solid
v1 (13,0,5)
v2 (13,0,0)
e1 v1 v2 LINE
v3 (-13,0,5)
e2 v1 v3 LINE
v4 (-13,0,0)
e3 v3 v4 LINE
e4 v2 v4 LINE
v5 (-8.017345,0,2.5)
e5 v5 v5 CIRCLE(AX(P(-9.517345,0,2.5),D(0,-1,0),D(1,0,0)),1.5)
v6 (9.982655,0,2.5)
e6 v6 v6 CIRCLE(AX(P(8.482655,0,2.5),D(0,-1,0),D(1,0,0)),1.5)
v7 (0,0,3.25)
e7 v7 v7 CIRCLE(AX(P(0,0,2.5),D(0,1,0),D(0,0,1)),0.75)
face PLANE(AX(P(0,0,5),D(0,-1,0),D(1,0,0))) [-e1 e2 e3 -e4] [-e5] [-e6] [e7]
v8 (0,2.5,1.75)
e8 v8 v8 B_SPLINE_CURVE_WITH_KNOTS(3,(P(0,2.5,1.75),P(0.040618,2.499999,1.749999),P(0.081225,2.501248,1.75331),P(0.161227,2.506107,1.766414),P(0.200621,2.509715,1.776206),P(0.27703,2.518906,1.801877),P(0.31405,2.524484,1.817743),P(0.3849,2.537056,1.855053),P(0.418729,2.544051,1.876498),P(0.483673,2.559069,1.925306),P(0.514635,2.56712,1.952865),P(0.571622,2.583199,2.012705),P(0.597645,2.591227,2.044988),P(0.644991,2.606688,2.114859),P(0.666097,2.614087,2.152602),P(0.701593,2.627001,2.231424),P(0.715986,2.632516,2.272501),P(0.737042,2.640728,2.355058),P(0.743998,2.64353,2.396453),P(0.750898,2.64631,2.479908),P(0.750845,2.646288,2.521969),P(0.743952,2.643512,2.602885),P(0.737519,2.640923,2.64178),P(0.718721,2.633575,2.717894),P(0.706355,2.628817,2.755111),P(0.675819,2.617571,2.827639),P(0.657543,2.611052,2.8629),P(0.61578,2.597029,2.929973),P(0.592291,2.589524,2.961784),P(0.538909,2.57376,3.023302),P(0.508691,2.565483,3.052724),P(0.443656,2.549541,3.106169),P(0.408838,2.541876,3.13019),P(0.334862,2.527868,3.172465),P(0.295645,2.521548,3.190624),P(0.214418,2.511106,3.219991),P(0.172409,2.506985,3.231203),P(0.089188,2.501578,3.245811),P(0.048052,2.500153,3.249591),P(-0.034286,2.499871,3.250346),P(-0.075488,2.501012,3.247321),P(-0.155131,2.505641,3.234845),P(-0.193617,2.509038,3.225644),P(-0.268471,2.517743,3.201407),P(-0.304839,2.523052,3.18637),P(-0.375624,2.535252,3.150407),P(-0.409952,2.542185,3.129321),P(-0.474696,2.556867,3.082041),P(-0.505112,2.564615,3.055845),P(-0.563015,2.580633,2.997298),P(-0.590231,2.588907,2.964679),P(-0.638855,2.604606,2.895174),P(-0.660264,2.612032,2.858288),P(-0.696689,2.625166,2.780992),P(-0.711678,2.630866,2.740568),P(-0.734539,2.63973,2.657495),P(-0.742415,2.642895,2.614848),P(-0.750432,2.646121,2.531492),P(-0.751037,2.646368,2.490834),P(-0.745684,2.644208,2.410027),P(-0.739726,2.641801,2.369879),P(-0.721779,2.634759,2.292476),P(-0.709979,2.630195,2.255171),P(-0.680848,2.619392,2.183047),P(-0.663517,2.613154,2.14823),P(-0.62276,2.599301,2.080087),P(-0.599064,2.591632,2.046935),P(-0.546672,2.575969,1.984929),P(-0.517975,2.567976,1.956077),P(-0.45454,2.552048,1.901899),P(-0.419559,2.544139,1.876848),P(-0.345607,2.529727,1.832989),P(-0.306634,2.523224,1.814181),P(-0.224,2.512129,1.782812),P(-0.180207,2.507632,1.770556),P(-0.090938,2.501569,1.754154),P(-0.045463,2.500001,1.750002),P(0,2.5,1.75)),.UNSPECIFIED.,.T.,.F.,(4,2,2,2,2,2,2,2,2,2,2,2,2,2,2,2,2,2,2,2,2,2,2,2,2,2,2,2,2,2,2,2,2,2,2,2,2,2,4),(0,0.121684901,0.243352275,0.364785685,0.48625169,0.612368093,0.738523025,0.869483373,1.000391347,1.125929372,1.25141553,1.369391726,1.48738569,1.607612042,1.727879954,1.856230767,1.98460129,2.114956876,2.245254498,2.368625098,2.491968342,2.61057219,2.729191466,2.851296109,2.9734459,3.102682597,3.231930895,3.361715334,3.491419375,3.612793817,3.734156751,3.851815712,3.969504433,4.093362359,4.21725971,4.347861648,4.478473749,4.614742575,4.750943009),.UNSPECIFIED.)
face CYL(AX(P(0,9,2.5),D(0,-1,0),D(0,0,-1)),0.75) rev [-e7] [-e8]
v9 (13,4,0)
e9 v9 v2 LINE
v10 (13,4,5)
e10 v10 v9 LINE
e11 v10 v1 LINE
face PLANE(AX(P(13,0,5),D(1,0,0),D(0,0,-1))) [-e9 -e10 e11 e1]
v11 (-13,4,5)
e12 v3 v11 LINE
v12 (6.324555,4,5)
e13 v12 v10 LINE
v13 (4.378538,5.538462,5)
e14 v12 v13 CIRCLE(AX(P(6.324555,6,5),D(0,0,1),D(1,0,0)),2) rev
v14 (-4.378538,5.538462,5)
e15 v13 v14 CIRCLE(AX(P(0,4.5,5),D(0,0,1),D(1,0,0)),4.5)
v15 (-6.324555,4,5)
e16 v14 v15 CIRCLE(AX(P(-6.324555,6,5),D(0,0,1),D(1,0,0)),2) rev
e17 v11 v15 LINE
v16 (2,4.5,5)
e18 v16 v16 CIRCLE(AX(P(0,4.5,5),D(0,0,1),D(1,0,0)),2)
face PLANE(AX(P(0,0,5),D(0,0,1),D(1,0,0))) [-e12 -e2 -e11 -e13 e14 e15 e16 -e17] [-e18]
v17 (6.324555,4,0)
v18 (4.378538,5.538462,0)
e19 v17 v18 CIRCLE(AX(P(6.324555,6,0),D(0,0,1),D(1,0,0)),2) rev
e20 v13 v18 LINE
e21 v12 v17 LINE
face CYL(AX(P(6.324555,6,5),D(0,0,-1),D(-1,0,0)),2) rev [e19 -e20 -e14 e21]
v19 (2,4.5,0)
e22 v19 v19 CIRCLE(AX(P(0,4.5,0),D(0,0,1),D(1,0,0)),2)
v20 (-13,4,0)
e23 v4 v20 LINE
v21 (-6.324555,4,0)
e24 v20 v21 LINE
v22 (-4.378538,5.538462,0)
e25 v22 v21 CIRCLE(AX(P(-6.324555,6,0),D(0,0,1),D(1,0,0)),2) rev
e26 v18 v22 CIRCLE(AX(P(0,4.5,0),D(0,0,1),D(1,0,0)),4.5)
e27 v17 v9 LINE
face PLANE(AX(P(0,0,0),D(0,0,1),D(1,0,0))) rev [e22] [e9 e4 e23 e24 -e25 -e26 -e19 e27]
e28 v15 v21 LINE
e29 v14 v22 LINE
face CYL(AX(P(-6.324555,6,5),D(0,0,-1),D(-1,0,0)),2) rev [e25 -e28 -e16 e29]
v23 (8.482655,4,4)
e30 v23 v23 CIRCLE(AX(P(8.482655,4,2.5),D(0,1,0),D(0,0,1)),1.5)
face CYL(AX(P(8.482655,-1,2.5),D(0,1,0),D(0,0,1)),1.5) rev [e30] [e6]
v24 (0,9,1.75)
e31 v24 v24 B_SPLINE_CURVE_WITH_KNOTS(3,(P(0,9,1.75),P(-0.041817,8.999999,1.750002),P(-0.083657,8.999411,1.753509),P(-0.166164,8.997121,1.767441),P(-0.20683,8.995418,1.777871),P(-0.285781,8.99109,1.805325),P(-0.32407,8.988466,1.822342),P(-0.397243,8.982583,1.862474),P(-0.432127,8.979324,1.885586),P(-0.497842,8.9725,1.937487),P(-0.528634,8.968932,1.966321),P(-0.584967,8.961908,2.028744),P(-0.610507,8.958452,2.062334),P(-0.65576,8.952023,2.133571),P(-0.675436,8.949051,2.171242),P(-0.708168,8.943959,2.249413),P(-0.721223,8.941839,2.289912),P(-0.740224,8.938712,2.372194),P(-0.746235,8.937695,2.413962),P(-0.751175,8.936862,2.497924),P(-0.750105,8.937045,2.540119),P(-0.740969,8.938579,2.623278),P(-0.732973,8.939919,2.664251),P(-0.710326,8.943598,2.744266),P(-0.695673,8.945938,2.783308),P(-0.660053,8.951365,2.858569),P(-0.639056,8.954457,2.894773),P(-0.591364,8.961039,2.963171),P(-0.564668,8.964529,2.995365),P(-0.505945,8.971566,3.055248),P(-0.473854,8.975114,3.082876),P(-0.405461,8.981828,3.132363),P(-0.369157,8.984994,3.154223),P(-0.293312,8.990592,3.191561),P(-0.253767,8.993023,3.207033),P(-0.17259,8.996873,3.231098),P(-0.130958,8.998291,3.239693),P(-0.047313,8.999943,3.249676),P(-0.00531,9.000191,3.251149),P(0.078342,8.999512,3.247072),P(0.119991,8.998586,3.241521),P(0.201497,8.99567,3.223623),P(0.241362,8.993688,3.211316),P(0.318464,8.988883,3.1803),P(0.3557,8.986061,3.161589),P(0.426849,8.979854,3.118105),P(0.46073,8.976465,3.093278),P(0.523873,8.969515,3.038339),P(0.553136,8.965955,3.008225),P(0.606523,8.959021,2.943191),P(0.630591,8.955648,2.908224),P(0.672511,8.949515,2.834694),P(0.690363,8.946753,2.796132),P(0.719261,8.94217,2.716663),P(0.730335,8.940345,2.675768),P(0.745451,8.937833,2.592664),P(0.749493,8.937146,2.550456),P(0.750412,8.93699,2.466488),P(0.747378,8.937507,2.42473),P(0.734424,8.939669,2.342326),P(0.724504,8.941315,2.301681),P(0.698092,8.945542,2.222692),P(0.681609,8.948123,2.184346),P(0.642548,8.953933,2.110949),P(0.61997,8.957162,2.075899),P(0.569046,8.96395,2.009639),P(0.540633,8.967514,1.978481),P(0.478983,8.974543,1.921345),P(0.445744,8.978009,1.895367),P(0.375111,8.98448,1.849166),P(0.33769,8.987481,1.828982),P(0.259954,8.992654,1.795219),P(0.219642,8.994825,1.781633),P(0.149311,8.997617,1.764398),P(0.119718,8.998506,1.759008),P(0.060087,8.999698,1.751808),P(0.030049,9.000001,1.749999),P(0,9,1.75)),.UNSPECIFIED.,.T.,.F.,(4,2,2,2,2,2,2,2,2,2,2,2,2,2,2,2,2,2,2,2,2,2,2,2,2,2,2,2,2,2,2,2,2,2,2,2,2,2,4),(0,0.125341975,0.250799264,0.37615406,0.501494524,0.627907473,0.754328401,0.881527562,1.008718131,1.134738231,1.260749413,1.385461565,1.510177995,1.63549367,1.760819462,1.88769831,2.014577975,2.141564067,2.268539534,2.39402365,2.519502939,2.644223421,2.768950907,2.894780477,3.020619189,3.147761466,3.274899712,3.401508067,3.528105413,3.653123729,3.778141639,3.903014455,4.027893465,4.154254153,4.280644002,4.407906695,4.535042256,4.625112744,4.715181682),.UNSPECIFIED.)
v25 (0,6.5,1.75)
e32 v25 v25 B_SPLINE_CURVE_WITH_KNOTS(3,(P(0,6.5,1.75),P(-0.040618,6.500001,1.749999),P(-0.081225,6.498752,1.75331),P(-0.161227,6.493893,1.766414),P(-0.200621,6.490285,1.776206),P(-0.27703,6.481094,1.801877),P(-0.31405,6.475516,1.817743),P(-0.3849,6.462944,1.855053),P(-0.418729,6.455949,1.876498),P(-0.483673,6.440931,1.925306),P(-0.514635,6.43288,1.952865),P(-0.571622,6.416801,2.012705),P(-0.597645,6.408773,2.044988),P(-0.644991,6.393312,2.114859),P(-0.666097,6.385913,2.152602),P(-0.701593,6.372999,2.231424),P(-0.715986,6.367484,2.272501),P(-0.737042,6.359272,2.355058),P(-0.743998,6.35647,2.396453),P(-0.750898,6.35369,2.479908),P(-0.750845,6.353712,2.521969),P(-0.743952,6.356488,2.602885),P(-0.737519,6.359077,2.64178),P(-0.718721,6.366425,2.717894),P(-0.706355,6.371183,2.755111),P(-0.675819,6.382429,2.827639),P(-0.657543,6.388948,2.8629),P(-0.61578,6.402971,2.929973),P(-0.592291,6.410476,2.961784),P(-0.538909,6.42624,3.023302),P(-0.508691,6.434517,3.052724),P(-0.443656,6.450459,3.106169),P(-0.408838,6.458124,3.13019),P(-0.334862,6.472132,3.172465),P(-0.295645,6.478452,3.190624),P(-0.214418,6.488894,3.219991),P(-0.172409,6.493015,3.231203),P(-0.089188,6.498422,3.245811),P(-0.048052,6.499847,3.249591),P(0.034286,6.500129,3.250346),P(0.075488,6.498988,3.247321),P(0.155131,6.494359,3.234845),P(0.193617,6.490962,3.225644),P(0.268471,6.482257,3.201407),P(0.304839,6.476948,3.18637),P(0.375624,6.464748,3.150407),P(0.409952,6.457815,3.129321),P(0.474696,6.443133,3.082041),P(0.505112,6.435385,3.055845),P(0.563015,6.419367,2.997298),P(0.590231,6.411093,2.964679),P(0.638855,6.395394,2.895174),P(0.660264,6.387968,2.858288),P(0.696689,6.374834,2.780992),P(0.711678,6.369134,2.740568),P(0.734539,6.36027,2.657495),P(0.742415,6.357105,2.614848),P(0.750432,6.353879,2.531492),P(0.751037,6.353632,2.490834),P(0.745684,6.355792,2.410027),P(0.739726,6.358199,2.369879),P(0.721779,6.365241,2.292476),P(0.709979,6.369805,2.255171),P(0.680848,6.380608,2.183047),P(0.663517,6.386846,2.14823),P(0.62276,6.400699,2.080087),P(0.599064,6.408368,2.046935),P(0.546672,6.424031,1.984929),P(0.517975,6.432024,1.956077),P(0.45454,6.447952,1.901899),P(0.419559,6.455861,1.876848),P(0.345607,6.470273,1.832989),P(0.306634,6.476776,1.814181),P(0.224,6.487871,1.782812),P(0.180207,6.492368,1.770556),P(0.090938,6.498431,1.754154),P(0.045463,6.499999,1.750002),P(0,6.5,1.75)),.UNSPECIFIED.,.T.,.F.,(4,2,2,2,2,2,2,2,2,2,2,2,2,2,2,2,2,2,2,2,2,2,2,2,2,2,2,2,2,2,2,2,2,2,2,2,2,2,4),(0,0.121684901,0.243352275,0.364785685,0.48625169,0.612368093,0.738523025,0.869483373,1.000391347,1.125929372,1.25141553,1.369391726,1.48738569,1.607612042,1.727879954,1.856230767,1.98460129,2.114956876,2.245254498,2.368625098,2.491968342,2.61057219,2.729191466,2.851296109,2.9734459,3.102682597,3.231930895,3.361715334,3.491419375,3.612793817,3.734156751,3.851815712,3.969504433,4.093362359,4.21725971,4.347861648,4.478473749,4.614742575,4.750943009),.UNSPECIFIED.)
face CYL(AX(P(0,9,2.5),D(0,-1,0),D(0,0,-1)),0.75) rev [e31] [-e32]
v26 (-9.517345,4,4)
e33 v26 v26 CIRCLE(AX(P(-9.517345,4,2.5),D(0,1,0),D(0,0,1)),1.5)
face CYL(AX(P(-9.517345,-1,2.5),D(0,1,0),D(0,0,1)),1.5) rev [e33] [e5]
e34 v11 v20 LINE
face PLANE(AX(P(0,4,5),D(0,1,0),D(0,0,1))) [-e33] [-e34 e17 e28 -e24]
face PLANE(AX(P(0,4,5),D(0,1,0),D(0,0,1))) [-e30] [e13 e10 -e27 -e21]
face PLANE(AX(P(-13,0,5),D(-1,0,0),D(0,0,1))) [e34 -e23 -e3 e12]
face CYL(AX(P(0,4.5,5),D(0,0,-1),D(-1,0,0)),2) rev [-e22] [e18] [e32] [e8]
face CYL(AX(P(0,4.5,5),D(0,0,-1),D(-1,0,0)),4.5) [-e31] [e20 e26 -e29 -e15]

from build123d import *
from build123d.topology import SkipClean

# Parameters (mm, degrees)
BOSS_EXTRUDE1_DEPTH     = 5
SKETCH2_R               = 1.5
CUT_EXTRUDE1_DEPTH      = 5
CUT_EXTRUDE2_DEPTH      = 15.798648587
CUT_EXTRUDE2_DEPTH_BACK = 15.798648587
SKETCH3_R               = 0.75


with BuildPart() as part:
    # Sketch1 → Boss-Extrude1 (new body)
    with BuildSketch(Plane.XY):
        with BuildLine():
            Line((-13, 0), (0, 0))
            Line((0, 0), (0, 2.5))
            ThreePointArc((0, 2.5), (-2, 4.5), (0, 6.5))
            Line((0, 6.5), (0, 9))
            ThreePointArc((0, 9), (-2.790781528, 8.030090432), (-4.378538299, 5.538461538))
            ThreePointArc((-4.378538299, 5.538461538), (-5.084207974, 4.431070919), (-6.32455532, 4))
            Line((-6.32455532, 4), (-13, 4))
            Line((-13, 4), (-13, 0))
        make_face()
        with BuildLine():
            Line((0, 2.5), (0, 0))
            Line((0, 0), (13, 0))
            Line((13, 0), (13, 4))
            Line((13, 4), (6.32455532, 4))
            ThreePointArc((6.32455532, 4), (5.084207974, 4.431070919), (4.378538299, 5.538461538))
            ThreePointArc((4.378538299, 5.538461538), (2.790781528, 8.030090432), (0, 9))
            Line((0, 9), (0, 6.5))
            ThreePointArc((0, 6.5), (1.414213562, 5.914213562), (2, 4.5))
            ThreePointArc((2, 4.5), (1.414213562, 3.085786438), (0, 2.5))
        make_face()
    extrude(amount=BOSS_EXTRUDE1_DEPTH)

    # Sketch2 → Cut-Extrude1 (cut)
    with BuildSketch(Plane(origin=(0, 4, 0), x_dir=(1, 0, 0), z_dir=(0, 1, 0))):
        with Locations(Location((-9.517345142, -2.5, 0), (0, 0, 270))):
            Circle(SKETCH2_R)
        with Locations(Location((8.482654858, -2.5, 0), (0, 0, 270))):
            Circle(SKETCH2_R)
    extrude(amount=-CUT_EXTRUDE1_DEPTH, mode=Mode.SUBTRACT)

    # Sketch3 → Cut-Extrude2 (cut, two sides: drawn at the far end of the back side and taken through both)
    with SkipClean():  # the faces are left unmerged after this step: merging them gives an invalid solid
        with BuildSketch(Plane(origin=(0, 4, 0), x_dir=(1, 0, 0), z_dir=(0, 1, 0)).offset(-CUT_EXTRUDE2_DEPTH_BACK)):
            with Locations(Location((0, -2.5, 0), (0, 0, 90))):
                Circle(SKETCH3_R)
        extrude(amount=CUT_EXTRUDE2_DEPTH + CUT_EXTRUDE2_DEPTH_BACK, mode=Mode.SUBTRACT)


solid = part.part
